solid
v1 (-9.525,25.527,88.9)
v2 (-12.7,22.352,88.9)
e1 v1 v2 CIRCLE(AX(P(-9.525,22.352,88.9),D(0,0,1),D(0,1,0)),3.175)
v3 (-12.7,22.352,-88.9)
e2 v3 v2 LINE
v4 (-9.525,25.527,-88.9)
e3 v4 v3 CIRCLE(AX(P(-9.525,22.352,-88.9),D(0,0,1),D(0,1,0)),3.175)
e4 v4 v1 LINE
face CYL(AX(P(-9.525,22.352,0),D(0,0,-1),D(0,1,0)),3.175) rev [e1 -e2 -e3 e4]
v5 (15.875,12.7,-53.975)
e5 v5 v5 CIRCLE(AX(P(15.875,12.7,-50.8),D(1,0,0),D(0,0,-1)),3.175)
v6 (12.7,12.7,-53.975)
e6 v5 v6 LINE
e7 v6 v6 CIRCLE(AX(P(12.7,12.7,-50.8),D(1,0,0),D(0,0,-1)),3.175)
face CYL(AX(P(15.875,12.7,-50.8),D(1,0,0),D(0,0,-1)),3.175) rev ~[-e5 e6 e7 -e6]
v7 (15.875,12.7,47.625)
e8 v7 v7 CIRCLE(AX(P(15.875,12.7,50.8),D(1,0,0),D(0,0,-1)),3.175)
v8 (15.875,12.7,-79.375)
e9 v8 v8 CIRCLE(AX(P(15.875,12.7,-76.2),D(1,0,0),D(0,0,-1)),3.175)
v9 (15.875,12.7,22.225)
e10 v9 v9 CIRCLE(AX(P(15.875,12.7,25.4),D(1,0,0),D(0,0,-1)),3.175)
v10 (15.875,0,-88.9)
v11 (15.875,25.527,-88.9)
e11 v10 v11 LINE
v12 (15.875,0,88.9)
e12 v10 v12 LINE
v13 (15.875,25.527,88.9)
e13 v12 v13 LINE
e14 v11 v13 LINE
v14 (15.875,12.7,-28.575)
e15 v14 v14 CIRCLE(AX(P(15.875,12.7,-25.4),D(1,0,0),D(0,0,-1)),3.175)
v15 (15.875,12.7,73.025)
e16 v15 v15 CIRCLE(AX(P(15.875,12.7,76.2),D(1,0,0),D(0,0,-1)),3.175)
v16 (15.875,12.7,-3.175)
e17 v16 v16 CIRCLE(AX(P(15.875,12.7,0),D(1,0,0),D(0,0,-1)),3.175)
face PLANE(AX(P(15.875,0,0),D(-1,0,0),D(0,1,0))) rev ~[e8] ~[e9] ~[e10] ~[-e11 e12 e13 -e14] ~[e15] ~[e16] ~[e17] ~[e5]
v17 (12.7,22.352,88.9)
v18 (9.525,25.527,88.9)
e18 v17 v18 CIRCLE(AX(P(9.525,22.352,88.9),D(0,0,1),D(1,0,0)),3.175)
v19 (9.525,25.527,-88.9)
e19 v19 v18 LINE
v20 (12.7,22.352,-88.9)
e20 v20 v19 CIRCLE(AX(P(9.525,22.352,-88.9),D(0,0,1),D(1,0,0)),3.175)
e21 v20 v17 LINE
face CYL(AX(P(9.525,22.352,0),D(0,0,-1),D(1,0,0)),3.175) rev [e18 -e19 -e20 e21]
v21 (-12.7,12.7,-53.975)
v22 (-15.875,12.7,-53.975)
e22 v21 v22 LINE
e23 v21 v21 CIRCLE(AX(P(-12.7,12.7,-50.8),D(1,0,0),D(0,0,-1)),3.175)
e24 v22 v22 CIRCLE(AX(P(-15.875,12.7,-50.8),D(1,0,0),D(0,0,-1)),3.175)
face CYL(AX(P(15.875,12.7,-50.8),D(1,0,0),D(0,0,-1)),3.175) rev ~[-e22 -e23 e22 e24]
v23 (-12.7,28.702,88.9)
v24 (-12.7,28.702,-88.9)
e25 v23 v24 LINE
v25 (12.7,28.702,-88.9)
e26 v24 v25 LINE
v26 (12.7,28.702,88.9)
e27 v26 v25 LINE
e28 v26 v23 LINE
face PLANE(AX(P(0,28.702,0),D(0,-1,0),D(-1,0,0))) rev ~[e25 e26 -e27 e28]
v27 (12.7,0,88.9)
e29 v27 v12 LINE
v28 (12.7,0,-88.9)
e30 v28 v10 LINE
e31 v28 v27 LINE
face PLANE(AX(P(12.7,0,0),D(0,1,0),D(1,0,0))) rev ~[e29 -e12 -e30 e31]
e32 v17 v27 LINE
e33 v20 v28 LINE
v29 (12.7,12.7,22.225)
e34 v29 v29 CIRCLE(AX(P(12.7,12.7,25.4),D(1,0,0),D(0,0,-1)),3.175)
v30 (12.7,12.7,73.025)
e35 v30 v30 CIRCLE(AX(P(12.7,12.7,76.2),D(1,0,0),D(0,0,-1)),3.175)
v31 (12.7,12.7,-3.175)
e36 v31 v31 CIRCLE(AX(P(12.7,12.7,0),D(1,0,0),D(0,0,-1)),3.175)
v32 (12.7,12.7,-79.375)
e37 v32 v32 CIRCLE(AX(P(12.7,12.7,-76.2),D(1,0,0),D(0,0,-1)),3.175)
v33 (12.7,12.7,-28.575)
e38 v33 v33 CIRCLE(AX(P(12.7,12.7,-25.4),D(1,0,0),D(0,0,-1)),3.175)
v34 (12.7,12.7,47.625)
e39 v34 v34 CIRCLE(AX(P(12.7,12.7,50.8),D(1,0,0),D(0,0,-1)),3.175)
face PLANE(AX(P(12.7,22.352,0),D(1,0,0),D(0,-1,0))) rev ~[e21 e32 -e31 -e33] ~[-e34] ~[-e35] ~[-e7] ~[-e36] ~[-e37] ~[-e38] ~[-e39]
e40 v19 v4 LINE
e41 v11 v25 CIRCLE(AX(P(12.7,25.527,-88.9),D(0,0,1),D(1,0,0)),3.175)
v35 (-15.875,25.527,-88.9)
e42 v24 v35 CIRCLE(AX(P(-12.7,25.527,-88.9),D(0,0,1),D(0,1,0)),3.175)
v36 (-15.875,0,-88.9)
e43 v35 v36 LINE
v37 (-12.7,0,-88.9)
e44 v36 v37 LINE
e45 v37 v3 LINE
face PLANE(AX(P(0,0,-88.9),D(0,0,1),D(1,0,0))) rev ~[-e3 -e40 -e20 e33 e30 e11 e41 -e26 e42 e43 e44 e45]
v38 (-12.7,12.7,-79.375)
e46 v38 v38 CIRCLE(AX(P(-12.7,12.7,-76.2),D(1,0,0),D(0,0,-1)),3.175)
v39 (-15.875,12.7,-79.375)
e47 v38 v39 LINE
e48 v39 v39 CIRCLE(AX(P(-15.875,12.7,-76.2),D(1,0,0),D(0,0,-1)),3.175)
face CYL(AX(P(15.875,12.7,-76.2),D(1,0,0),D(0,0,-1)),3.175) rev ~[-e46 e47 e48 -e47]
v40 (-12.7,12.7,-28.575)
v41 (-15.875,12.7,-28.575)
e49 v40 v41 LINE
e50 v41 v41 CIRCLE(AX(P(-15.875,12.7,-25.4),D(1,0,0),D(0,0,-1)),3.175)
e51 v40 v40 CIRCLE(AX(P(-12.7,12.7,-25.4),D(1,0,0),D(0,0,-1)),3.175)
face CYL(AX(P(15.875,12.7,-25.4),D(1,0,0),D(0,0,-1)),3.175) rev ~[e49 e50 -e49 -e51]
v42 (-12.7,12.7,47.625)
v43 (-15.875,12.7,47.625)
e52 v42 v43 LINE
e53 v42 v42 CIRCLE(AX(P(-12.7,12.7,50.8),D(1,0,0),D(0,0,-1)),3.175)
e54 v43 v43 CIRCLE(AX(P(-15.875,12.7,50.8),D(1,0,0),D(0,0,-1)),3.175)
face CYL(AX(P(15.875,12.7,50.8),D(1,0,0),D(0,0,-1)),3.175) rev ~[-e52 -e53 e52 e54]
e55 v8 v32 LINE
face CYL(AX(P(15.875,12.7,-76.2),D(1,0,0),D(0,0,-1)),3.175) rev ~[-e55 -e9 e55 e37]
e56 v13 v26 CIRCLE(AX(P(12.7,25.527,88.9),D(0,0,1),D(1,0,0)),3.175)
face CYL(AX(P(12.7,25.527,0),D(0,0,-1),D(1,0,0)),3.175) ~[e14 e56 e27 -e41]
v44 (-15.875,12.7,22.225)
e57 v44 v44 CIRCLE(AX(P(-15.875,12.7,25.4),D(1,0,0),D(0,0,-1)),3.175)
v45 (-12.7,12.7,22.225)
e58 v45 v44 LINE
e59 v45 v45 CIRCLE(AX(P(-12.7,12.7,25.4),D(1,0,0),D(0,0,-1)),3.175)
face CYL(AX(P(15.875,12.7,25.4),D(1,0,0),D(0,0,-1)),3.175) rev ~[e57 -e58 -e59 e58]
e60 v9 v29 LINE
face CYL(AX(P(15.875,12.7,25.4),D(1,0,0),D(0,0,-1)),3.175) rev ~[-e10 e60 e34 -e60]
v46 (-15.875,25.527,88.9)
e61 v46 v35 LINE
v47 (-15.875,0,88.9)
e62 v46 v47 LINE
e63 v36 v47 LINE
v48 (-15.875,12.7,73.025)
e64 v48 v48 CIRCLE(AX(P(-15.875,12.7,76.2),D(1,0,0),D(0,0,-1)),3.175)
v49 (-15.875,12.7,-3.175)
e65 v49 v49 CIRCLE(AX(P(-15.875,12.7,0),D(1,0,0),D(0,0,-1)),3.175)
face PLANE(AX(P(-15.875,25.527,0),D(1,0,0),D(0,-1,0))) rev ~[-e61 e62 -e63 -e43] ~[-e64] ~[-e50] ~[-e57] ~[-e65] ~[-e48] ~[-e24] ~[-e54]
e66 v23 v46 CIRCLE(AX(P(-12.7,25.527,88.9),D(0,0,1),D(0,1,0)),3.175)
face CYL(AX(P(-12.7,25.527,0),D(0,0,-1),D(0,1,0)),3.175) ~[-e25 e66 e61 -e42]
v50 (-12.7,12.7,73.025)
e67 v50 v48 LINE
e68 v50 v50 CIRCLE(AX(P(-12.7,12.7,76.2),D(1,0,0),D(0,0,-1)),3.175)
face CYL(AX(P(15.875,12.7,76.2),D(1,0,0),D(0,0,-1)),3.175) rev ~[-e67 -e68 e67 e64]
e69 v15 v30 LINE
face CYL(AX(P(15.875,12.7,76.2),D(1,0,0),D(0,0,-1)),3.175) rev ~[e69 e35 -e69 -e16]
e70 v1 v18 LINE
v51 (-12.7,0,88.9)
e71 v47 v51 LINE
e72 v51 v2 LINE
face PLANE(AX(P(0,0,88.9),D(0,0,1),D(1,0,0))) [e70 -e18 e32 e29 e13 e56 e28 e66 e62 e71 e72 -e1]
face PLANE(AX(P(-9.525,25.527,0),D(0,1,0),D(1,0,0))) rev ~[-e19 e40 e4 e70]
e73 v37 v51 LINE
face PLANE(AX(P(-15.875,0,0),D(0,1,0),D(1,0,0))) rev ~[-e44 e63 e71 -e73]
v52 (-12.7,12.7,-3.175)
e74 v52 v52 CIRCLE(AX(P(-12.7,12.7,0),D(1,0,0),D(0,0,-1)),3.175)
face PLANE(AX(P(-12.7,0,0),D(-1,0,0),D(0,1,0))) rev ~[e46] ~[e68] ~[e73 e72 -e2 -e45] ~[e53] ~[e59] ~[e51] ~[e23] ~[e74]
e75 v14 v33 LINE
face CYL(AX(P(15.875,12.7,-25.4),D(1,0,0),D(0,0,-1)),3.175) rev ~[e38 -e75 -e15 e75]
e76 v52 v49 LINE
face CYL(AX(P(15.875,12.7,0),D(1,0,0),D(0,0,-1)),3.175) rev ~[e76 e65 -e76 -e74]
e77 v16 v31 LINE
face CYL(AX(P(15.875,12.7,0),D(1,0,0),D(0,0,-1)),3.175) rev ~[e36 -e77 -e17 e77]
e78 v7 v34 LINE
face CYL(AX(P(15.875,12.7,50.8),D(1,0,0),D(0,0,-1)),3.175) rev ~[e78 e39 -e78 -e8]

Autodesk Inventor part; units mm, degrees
ref_plane "YZ Plane" through (0, 0, 0) normal (1, 0, 0) x (0, 1, 0)
ref_plane "XZ Plane" through (0, 0, 0) normal (0, 1, 0) x (-1, 0, 0)
ref_plane "XY Plane" through (0, 0, 0) normal (0, 0, 1) x (1, 0, 0)
sketch "Sketch1" plane through (0, 0, 0) normal (0, 0, 1) x (1, 0, 0)
  line L0 (-15.875, 0) -> (-12.7, 0)
  line L1 (-12.7, 0) -> (-12.7, 22.352)
  line L2 (-9.525, 25.527) -> (9.525, 25.527)
  line L3 (12.7, 22.352) -> (12.7, 0)
  line L4 (12.7, 0) -> (15.875, 0)
  line L5 (15.875, 0) -> (15.875, 25.527)
  line L6 (12.7, 28.702) -> (-12.7, 28.702)
  line L7 (-15.875, 25.527) -> (-15.875, 0)
  arc A0 (-9.525, 25.527) -> (-12.7, 22.352) centre (-9.525, 22.352) ccw
  arc A1 (12.7, 22.352) -> (9.525, 25.527) centre (9.525, 22.352) ccw
  arc A2 (-12.7, 28.702) -> (-15.875, 25.527) centre (-12.7, 25.527) ccw
  arc A3 (15.875, 25.527) -> (12.7, 28.702) centre (12.7, 25.527) ccw
  line L8 (0, 35.2315) -> (0, -5.8719) projected
  point P0 (0, 0)
  dimension "d0" = 28.702
  dimension "d1" = 31.75
  dimension "d2" = 3.175
  dimension "d3" = 3.175
  dimension "d4" = 3.175
extrude "Extrusion1" add sketch "Sketch1" along normal mid plane 177.8
sketch "Sketch4" plane through (15.875, 0, 88.9) normal (1, 0, 0) x (0, 0, -1)
  line L0 (88.9, -5.7404) -> (88.9, 34.4424) construction
  line L1 (-35.56, 0) -> (213.36, 0) construction
  circle A0 centre (88.9, 12.7) radius 3.175
  point P0 (88.9, 0)
  dimension "d34" = 12.7
  dimension "d35" = 0
  dimension "d36" = 6.35
extrude "Extrusion4" cut sketch "Sketch4" against normal up to surface (31.75 mm away)
pattern_linear "Rectangular Pattern3" count 30 spacing 25.4 along (0, 0, 1) count 30 spacing 25.4 along (0, 0, -1) of "Extrusion4"
equation "\"d5\" = ExtensionLen"
equation "\"ExtensionLen\" = 177.8"
properties part number "NTowerChannelBracket" material "Aluminum 6061"
